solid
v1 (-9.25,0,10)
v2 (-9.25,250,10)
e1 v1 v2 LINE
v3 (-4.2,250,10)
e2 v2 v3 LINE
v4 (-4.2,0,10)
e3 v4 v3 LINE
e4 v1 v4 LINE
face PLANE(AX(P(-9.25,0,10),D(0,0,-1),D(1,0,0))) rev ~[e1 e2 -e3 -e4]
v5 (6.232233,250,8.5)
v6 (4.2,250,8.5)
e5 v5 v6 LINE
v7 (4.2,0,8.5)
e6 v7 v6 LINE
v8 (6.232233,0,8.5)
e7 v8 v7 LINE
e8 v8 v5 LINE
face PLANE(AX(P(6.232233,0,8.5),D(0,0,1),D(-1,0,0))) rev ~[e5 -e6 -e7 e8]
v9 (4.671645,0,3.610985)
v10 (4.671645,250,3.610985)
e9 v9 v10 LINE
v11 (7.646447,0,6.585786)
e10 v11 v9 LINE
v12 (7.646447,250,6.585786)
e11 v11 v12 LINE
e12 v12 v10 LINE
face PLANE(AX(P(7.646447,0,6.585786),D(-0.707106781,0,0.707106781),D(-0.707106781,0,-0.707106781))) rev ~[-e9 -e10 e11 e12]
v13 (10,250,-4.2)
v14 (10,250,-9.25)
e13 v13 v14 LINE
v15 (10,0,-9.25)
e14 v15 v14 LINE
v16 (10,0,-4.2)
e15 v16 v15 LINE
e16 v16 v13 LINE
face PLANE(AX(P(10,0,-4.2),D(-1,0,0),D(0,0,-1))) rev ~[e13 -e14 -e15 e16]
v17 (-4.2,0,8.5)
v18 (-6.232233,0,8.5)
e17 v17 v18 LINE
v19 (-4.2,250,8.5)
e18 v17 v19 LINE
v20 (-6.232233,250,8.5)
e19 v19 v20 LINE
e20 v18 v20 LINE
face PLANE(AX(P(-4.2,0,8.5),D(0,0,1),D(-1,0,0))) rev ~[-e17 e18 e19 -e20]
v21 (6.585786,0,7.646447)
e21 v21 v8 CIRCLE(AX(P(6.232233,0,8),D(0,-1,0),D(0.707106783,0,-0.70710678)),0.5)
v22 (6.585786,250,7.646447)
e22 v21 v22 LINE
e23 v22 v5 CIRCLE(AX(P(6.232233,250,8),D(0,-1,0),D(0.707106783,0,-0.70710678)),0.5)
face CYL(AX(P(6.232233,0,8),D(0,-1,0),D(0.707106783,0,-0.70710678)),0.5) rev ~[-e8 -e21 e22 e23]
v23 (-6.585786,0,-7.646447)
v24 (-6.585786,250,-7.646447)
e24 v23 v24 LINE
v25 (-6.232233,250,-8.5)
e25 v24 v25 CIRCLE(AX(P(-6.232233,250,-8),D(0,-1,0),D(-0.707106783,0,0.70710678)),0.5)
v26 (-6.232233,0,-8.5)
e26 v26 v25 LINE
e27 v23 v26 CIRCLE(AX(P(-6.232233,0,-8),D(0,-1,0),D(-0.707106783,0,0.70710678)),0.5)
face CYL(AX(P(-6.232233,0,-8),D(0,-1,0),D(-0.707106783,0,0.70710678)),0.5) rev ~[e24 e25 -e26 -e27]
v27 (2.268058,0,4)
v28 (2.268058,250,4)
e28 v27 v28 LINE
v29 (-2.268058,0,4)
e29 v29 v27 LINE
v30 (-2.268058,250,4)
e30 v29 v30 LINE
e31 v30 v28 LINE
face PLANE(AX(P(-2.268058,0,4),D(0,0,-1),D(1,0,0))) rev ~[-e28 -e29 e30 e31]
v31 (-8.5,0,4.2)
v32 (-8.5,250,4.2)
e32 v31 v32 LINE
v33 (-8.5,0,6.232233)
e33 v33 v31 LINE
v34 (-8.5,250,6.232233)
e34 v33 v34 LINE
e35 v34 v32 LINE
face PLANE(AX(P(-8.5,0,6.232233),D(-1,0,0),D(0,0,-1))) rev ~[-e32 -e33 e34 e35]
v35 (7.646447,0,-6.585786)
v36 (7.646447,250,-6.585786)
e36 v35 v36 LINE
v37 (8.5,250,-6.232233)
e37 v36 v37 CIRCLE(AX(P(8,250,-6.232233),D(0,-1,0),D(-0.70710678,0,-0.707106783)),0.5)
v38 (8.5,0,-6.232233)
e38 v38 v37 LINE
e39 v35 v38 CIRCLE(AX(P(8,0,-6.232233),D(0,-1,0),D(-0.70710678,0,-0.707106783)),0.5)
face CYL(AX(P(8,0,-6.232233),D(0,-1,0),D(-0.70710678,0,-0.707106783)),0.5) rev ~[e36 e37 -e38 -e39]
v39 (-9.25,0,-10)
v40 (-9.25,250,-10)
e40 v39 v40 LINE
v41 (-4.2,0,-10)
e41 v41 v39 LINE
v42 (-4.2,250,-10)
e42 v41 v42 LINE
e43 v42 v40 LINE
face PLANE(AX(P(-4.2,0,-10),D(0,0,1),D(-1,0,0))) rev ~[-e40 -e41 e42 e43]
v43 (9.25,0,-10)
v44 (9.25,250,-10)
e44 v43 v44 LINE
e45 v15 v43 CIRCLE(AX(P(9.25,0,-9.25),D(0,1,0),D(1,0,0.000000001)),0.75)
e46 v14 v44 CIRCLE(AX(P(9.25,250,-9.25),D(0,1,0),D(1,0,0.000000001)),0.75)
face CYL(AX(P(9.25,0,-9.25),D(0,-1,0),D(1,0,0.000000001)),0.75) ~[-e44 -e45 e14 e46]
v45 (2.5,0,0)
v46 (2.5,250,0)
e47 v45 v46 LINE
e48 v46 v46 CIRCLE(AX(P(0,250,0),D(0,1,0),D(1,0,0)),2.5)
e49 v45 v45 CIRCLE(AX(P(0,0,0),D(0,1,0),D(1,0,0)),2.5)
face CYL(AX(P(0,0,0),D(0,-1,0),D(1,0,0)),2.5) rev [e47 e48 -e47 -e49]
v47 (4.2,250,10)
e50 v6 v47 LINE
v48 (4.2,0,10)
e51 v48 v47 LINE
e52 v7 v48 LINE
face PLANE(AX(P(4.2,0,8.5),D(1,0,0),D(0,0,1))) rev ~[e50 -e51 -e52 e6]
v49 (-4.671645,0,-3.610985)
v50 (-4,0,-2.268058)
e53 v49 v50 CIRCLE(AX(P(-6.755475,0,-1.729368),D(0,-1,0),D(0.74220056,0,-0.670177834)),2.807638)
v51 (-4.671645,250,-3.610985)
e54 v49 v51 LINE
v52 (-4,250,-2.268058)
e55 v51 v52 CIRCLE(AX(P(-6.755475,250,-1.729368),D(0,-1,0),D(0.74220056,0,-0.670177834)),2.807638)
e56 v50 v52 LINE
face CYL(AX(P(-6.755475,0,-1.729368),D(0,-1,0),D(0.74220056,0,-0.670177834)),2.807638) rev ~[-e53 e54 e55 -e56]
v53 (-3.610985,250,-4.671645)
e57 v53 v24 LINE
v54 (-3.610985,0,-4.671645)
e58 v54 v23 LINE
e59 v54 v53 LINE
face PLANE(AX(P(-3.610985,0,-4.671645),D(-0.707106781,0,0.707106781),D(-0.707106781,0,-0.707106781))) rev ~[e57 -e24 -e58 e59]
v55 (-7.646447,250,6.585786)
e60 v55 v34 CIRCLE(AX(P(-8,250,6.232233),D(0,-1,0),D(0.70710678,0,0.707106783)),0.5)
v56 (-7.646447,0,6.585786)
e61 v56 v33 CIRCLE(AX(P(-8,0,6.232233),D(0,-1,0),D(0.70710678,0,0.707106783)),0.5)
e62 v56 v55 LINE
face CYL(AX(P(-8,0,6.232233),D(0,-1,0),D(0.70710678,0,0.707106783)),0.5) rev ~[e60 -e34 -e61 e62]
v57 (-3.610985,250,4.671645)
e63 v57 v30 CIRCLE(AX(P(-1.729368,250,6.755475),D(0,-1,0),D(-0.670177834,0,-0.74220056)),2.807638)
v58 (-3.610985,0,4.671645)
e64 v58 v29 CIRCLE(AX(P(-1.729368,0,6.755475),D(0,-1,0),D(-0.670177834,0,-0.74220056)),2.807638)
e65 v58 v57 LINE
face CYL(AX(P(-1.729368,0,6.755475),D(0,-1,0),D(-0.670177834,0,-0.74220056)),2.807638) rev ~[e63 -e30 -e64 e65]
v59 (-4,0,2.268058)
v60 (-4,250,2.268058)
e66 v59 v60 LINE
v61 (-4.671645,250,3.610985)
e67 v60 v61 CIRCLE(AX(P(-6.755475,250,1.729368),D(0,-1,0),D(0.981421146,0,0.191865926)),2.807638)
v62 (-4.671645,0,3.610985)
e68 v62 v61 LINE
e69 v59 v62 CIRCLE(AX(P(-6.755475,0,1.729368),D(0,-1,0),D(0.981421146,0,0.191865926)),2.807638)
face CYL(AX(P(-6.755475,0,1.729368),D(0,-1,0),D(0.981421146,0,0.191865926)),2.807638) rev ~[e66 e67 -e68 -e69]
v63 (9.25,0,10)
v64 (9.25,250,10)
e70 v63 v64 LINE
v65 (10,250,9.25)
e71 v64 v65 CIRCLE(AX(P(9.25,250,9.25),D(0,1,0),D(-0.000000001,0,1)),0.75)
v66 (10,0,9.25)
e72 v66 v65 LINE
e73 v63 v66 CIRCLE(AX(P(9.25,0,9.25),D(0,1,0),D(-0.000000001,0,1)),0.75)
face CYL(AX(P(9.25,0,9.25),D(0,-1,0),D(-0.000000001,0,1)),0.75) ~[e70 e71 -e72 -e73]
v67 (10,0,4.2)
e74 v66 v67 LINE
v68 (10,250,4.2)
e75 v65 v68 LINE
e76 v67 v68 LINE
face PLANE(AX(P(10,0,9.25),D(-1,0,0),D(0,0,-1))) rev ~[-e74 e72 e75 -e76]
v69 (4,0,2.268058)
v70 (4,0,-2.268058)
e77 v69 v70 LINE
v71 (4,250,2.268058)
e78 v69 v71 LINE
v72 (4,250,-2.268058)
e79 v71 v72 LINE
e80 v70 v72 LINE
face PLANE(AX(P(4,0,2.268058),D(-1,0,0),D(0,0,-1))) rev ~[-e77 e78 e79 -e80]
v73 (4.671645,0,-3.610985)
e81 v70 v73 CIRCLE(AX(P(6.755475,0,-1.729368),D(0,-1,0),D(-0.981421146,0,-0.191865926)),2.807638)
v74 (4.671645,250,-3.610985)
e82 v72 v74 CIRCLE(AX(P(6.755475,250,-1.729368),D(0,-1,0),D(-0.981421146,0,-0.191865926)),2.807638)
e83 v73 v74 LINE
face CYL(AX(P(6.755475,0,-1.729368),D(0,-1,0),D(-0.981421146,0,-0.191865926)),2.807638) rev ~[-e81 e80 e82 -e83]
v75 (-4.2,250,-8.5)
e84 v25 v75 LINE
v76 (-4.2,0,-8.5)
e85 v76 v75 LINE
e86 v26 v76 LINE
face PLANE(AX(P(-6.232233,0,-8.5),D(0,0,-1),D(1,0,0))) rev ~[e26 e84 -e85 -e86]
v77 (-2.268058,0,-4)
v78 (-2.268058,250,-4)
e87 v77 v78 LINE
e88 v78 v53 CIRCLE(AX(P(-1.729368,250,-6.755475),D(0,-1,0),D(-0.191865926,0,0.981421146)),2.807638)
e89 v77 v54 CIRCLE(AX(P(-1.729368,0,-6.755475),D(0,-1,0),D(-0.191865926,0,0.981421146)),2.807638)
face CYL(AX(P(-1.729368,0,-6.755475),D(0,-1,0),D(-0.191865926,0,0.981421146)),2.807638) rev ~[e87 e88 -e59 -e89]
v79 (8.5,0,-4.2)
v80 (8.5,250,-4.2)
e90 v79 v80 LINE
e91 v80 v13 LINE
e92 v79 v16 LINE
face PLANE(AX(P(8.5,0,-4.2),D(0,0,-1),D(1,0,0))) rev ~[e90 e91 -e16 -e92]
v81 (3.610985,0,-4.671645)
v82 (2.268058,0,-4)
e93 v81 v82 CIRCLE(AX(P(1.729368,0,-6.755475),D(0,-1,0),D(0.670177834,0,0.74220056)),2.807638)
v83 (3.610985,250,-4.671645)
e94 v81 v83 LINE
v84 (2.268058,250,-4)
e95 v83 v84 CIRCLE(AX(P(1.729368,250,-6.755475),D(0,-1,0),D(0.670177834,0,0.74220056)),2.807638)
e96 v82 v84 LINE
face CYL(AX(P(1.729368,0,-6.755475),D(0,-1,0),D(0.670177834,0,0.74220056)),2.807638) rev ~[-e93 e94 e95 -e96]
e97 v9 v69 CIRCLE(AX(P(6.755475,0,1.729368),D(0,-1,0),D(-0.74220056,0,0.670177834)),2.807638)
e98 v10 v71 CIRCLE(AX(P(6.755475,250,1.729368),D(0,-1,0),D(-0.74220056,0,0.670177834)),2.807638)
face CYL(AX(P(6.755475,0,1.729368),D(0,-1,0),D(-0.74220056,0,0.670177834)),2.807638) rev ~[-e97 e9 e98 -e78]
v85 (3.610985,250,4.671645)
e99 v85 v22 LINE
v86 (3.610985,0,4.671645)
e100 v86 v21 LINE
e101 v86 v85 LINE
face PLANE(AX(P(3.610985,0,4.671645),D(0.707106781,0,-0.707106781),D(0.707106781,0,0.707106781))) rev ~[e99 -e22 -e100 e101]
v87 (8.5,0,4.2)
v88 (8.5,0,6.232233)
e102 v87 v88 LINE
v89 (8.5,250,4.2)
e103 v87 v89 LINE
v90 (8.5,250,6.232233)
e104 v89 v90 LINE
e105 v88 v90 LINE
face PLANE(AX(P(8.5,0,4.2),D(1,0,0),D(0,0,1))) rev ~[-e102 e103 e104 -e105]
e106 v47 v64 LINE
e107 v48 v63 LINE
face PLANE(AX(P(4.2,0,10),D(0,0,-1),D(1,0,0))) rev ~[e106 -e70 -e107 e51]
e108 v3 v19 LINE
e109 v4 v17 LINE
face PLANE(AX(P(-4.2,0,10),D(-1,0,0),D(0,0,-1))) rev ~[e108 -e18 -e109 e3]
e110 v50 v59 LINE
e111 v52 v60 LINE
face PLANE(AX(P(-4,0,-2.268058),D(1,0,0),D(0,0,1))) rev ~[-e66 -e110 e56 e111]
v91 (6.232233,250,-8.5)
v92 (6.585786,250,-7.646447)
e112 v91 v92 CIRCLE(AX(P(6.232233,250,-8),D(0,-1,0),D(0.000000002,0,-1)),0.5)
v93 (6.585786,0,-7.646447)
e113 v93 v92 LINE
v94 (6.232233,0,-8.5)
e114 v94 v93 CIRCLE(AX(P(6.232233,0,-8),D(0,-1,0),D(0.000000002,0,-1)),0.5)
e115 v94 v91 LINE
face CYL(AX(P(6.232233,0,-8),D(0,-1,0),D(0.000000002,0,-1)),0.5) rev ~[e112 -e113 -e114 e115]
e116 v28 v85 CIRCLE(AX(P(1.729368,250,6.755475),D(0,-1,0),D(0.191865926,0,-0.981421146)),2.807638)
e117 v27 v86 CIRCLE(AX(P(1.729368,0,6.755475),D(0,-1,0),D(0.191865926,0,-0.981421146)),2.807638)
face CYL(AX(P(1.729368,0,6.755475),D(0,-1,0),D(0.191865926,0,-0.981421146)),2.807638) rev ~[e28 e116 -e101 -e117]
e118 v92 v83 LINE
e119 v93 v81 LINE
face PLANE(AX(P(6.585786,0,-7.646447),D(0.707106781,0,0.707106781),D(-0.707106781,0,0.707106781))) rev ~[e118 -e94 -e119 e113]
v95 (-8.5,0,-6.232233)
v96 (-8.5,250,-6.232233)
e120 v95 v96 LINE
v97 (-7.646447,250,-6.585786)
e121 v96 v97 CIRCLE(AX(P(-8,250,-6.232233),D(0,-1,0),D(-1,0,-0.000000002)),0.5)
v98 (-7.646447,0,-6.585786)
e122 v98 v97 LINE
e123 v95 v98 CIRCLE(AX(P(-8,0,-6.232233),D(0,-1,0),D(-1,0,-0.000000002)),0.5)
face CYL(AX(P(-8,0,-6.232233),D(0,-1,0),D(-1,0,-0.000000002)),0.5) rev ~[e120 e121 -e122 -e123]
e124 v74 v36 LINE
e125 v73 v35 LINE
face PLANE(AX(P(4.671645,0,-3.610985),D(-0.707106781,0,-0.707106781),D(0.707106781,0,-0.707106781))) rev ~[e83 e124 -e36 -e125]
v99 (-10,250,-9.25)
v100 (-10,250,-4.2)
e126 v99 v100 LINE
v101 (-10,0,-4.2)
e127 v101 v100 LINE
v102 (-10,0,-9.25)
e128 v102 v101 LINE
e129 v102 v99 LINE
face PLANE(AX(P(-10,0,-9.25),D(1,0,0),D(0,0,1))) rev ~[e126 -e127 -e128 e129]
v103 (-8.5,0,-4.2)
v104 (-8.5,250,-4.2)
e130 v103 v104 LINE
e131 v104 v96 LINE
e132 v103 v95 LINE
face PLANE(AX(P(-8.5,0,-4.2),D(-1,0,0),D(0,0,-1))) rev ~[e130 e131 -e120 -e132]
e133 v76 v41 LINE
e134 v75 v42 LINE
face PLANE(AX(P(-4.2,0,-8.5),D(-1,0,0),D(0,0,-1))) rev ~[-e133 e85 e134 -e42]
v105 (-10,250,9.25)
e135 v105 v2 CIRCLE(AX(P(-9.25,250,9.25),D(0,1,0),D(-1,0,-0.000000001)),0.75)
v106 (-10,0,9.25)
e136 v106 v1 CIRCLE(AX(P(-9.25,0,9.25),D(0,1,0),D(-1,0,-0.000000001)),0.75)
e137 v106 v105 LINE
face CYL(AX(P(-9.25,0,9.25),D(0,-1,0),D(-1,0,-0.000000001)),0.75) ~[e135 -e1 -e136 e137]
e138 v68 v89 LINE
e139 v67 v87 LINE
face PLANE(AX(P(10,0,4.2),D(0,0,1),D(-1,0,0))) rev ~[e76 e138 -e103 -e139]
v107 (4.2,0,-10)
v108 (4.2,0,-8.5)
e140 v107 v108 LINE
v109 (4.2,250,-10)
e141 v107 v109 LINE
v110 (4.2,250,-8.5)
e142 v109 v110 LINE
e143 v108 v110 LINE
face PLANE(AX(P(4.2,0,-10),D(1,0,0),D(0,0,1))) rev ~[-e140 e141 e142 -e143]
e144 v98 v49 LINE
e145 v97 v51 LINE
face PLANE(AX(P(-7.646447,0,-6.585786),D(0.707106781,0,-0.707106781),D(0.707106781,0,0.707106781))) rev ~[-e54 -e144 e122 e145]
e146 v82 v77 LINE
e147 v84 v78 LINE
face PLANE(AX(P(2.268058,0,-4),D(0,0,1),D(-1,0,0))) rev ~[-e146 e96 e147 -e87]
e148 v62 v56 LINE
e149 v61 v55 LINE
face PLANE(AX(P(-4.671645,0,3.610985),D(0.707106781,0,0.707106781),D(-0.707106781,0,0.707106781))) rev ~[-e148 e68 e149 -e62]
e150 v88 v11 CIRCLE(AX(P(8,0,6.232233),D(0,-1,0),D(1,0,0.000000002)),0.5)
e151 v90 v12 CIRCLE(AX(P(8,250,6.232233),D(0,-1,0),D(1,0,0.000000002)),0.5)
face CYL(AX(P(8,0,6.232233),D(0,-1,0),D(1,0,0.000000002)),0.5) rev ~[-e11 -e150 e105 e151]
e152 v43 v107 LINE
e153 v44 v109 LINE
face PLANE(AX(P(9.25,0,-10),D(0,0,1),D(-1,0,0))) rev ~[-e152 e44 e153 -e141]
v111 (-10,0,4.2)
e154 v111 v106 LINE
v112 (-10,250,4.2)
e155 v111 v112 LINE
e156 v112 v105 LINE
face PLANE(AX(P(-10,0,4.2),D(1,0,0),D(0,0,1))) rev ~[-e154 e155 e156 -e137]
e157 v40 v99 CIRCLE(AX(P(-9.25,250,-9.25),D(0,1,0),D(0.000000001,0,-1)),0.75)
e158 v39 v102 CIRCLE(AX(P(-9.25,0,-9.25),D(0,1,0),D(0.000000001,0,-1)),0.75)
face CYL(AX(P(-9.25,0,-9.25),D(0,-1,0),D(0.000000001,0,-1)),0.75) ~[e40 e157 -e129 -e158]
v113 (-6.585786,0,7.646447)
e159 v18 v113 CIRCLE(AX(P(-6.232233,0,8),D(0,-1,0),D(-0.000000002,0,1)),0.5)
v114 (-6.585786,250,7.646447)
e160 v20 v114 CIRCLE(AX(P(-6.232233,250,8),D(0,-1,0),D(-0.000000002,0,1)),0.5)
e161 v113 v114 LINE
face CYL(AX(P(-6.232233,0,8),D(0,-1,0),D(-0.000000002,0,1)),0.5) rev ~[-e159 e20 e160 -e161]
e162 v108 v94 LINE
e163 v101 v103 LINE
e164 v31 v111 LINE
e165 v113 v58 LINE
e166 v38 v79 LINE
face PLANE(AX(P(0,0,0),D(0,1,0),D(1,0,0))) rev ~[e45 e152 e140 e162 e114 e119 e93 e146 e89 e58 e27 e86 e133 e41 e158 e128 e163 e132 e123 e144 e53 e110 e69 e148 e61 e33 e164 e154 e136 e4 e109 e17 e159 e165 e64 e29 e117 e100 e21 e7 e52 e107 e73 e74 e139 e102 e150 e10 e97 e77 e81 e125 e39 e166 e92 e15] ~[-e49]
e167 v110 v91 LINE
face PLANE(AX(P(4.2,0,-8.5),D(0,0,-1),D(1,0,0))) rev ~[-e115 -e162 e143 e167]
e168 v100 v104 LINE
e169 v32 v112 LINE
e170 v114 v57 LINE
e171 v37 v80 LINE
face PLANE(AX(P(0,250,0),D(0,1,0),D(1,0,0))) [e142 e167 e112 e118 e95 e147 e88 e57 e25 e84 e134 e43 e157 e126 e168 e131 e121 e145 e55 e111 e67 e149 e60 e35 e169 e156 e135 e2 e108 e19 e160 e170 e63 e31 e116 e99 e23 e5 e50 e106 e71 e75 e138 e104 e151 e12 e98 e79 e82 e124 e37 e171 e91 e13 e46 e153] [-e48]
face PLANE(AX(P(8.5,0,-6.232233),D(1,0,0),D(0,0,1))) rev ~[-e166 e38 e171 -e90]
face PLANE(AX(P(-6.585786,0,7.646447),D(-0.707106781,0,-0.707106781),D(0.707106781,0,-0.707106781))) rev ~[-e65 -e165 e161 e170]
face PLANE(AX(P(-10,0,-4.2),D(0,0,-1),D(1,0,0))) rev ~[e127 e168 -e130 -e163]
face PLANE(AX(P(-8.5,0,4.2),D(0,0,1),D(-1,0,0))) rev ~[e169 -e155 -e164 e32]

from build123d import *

# Parameters (mm, degrees)
SKETCH1_R           = 2.5
BOSS_EXTRUDE1_DEPTH = 250


with BuildPart() as part:
    # Sketch1 → Boss-Extrude1 (new body)
    with BuildSketch(Plane(origin=(0, 0, 0), x_dir=(1, 0, 0), z_dir=(0, 1, 0))):
        with BuildLine():
            Line((-3.610984523, 4.671644695), (-6.585786438, 7.646446609))
            ThreePointArc((-6.585786438, 7.646446609), (-6.694172813, 8.191341716), (-6.232233047, 8.5))
            Line((-6.232233047, 8.5), (-4.2, 8.5))
            Line((-4.2, 8.5), (-4.2, 10))
            Line((-4.2, 10), (-9.25, 10))
            ThreePointArc((-9.25, 10), (-9.780330086, 9.780330086), (-10, 9.25))
            Line((-10, 9.25), (-10, 4.2))
            Line((-10, 4.2), (-8.5, 4.2))
            Line((-8.5, 4.2), (-8.5, 6.232233047))
            ThreePointArc((-8.5, 6.232233047), (-8.191341716, 6.694172813), (-7.646446609, 6.585786438))
            Line((-7.646446609, 6.585786438), (-4.671644695, 3.610984523))
            ThreePointArc((-4.671644695, 3.610984523), (-4.244383234, 2.985253206), (-4, 2.268058063))
            Line((-4, 2.268058063), (-4, -2.268058063))
            ThreePointArc((-4, -2.268058063), (-4.244383234, -2.985253206), (-4.671644695, -3.610984523))
            Line((-4.671644695, -3.610984523), (-7.646446609, -6.585786438))
            ThreePointArc((-7.646446609, -6.585786438), (-8.191341716, -6.694172813), (-8.5, -6.232233047))
            Line((-8.5, -6.232233047), (-8.5, -4.2))
            Line((-8.5, -4.2), (-10, -4.2))
            Line((-10, -4.2), (-10, -9.25))
            ThreePointArc((-10, -9.25), (-9.780330086, -9.780330086), (-9.25, -10))
            Line((-9.25, -10), (-4.2, -10))
            Line((-4.2, -10), (-4.2, -8.5))
            Line((-4.2, -8.5), (-6.232233047, -8.5))
            ThreePointArc((-6.232233047, -8.5), (-6.694172813, -8.191341716), (-6.585786438, -7.646446609))
            Line((-6.585786438, -7.646446609), (-3.610984523, -4.671644695))
            ThreePointArc((-3.610984523, -4.671644695), (-2.985253206, -4.244383234), (-2.268058063, -4))
            Line((-2.268058063, -4), (2.268058063, -4))
            ThreePointArc((2.268058063, -4), (2.985253206, -4.244383234), (3.610984523, -4.671644695))
            Line((3.610984523, -4.671644695), (6.585786438, -7.646446609))
            ThreePointArc((6.585786438, -7.646446609), (6.694172813, -8.191341716), (6.232233047, -8.5))
            Line((6.232233047, -8.5), (4.2, -8.5))
            Line((4.2, -8.5), (4.2, -10))
            Line((4.2, -10), (9.25, -10))
            ThreePointArc((9.25, -10), (9.780330086, -9.780330086), (10, -9.25))
            Line((10, -9.25), (10, -4.2))
            Line((10, -4.2), (8.5, -4.2))
            Line((8.5, -4.2), (8.5, -6.232233047))
            ThreePointArc((8.5, -6.232233047), (8.191341716, -6.694172813), (7.646446609, -6.585786438))
            Line((7.646446609, -6.585786438), (4.671644695, -3.610984523))
            ThreePointArc((4.671644695, -3.610984523), (4.244383234, -2.985253206), (4, -2.268058063))
            Line((4, -2.268058063), (4, 2.268058063))
            ThreePointArc((4, 2.268058063), (4.244383234, 2.985253206), (4.671644695, 3.610984523))
            Line((4.671644695, 3.610984523), (7.646446609, 6.585786438))
            ThreePointArc((7.646446609, 6.585786438), (8.191341716, 6.694172813), (8.5, 6.232233047))
            Line((8.5, 6.232233047), (8.5, 4.2))
            Line((8.5, 4.2), (10, 4.2))
            Line((10, 4.2), (10, 9.25))
            ThreePointArc((10, 9.25), (9.780330086, 9.780330086), (9.25, 10))
            Line((9.25, 10), (4.2, 10))
            Line((4.2, 10), (4.2, 8.5))
            Line((4.2, 8.5), (6.232233047, 8.5))
            ThreePointArc((6.232233047, 8.5), (6.694172813, 8.191341716), (6.585786438, 7.646446609))
            Line((6.585786438, 7.646446609), (3.610984523, 4.671644695))
            ThreePointArc((3.610984523, 4.671644695), (2.985253206, 4.244383234), (2.268058063, 4))
            Line((2.268058063, 4), (-2.268058063, 4))
            ThreePointArc((-2.268058063, 4), (-2.985253206, 4.244383234), (-3.610984523, 4.671644695))
        make_face()
        Circle(SKETCH1_R, mode=Mode.SUBTRACT)
    extrude(amount=BOSS_EXTRUDE1_DEPTH)


solid = part.part
